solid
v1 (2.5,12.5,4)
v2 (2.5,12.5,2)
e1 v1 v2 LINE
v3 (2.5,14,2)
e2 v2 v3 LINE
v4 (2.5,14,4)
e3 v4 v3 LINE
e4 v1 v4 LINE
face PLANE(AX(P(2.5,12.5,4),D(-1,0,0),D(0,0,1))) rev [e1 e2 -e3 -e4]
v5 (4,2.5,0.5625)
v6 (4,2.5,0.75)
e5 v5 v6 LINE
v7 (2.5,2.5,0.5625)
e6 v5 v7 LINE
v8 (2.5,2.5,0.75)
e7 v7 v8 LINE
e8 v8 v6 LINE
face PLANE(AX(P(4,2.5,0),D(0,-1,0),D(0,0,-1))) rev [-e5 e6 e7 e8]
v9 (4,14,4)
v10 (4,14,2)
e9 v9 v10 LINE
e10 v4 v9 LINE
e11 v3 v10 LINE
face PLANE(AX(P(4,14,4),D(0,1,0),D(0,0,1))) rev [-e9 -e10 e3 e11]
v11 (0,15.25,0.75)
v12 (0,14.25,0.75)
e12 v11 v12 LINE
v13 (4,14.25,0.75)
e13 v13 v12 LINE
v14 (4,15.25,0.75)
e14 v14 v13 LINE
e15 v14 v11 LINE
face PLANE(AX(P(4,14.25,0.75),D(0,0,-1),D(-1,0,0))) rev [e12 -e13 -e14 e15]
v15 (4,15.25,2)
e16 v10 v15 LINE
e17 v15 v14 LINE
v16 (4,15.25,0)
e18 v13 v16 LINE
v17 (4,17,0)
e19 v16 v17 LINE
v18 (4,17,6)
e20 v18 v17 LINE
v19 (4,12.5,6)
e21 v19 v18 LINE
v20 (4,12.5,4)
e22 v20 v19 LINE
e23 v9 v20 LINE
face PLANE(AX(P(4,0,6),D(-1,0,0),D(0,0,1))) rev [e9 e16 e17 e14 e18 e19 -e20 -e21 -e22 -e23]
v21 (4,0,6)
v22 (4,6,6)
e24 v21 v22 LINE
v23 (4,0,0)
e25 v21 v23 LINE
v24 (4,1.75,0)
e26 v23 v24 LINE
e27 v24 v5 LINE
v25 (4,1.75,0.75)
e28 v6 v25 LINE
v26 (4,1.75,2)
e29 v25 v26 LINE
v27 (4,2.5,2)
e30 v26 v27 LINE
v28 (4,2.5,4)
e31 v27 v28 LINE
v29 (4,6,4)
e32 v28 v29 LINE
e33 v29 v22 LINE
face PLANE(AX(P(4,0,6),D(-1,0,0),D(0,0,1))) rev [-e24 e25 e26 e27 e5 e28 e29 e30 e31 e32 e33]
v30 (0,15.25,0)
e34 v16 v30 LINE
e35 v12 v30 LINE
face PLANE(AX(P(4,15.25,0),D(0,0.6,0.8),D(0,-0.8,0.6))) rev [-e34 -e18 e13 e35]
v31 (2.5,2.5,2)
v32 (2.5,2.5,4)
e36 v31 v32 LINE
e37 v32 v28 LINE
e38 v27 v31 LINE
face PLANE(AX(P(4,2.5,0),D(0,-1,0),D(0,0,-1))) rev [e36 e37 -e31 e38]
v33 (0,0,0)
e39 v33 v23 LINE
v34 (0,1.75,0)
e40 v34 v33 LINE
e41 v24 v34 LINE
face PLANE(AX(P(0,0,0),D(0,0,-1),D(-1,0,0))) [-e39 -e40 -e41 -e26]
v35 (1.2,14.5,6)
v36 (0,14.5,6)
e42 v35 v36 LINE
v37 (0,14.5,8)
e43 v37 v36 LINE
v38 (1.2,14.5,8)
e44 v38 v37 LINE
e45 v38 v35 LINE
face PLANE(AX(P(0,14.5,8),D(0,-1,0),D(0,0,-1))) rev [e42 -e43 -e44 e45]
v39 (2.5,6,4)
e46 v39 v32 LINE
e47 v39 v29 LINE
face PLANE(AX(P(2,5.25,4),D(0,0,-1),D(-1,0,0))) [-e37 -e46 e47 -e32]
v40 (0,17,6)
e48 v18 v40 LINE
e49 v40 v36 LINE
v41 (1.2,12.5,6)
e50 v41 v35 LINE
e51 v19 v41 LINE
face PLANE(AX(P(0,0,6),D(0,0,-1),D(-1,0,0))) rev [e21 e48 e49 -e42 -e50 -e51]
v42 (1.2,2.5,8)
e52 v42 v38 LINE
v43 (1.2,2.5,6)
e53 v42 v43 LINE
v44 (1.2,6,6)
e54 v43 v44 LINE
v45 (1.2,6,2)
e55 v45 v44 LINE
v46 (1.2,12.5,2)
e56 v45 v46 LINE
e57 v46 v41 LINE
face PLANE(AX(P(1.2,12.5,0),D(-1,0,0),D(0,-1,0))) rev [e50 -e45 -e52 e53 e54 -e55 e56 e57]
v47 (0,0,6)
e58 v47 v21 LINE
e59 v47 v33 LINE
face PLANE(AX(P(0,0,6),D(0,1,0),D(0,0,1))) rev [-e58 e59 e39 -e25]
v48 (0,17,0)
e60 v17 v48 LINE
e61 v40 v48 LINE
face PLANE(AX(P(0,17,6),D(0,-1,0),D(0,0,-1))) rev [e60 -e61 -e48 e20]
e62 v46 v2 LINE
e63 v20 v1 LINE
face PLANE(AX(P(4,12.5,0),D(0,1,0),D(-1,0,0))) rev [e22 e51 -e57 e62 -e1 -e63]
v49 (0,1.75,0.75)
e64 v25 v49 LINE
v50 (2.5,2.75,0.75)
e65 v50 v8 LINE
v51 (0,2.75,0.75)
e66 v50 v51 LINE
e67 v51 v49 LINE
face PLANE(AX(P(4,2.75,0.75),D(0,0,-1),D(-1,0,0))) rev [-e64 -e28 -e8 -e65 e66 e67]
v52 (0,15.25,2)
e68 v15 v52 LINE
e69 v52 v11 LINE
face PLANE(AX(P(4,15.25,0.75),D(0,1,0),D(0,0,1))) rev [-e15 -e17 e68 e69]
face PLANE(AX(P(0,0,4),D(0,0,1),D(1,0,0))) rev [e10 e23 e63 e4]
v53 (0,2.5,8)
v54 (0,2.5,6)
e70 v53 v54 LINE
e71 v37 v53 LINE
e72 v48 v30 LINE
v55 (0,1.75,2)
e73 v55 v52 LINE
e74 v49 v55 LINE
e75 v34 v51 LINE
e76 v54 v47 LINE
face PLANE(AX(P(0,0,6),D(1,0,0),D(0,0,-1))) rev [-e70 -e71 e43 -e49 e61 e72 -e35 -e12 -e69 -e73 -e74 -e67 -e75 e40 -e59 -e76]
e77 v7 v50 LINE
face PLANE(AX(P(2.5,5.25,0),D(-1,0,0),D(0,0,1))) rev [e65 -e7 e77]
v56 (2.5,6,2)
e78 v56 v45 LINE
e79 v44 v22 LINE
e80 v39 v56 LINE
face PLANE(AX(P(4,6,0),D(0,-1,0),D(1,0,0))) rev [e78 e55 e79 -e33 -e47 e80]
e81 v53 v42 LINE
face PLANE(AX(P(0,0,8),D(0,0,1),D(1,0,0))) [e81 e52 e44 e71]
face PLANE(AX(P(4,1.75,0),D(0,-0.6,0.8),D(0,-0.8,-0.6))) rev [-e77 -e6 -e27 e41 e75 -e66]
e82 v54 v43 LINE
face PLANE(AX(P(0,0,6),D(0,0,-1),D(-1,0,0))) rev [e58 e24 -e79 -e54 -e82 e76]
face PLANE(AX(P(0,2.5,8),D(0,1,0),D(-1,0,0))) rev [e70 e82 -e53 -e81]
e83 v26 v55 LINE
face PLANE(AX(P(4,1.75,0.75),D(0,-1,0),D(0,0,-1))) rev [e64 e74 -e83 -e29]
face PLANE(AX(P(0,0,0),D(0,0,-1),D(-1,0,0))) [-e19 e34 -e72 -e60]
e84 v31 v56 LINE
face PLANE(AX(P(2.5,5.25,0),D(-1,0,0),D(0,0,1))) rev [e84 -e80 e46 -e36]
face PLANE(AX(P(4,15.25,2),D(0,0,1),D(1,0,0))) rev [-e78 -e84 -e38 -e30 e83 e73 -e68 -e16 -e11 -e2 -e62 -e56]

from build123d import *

# Parameters (mm, degrees)
SKETCH1_W           = 4
SKETCH1_H           = 17
BOSS_EXTRUDE1_DEPTH = 6
SKETCH2_W           = 2.8
SKETCH2_H           = 6.5
SKETCH2_W_2         = 1.5
SKETCH2_H_2         = 2.75
CUT_EXTRUDE1_DEPTH  = 19.466185313
CUT_EXTRUDE2_DEPTH  = 19.466185313
SKETCH4_W           = 2
SKETCH4_H           = 2.75
BOSS_EXTRUDE2_DEPTH = 2
SKETCH5_W           = 1.2
SKETCH5_H           = 12
BOSS_EXTRUDE3_DEPTH = 2
SKETCH6_W           = 1.5
SKETCH6_H           = 1.5
SKETCH6_H_2         = 0.75
CUT_EXTRUDE3_DEPTH  = 2


with BuildPart() as part:
    # Sketch1 → Boss-Extrude1 (new body)
    with BuildSketch(Plane.XY):
        with Locations((2, 8.5)):
            Rectangle(SKETCH1_W, SKETCH1_H)
    extrude(amount=BOSS_EXTRUDE1_DEPTH)

    # Sketch2 → Cut-Extrude1 (cut, through all)
    with BuildSketch(Plane.XY.offset(6)):
        with Locations((2.6, 9.25)):
            Rectangle(SKETCH2_W, SKETCH2_H)
        with Locations((3.25, 3.875)):
            Rectangle(SKETCH2_W_2, SKETCH2_H_2)
    extrude(amount=-CUT_EXTRUDE1_DEPTH, mode=Mode.SUBTRACT)

    # Sketch3 → Cut-Extrude2 (cut, through all)
    with BuildSketch(Plane.ZY):
        Polygon((0, 15.25), (0.75, 14.25), (0.75, 15.25), (2, 15.25), (2, 1.75), (0.75, 1.75), (0.75, 2.75), (0, 1.75), align=None)
    extrude(amount=-CUT_EXTRUDE2_DEPTH, mode=Mode.SUBTRACT)

    # Sketch4 → Boss-Extrude2 (add)
    with BuildSketch(Plane(origin=(4, 0, 0), x_dir=(0, 0, -1), z_dir=(1, 0, 0))):
        with Locations((-5, 3.875)):
            Rectangle(SKETCH4_W, SKETCH4_H)
    extrude(amount=-BOSS_EXTRUDE2_DEPTH)

    # Sketch5 → Boss-Extrude3 (add)
    with BuildSketch(Plane.XY.offset(6)):
        with Locations((0.6, 8.5)):
            Rectangle(SKETCH5_W, SKETCH5_H)
    extrude(amount=BOSS_EXTRUDE3_DEPTH)

    # Sketch6 → Cut-Extrude3 (cut)
    with BuildSketch(Plane(origin=(0, 0, 2), x_dir=(-1, 0, 0), z_dir=(0, 0, -1))):
        with Locations((-3.25, 13.25)):
            Rectangle(SKETCH6_W, SKETCH6_H)
        with Locations((-3.25, 5.625)):
            Rectangle(SKETCH6_W, SKETCH6_H_2)
    extrude(amount=-CUT_EXTRUDE3_DEPTH, mode=Mode.SUBTRACT)


solid = part.part
